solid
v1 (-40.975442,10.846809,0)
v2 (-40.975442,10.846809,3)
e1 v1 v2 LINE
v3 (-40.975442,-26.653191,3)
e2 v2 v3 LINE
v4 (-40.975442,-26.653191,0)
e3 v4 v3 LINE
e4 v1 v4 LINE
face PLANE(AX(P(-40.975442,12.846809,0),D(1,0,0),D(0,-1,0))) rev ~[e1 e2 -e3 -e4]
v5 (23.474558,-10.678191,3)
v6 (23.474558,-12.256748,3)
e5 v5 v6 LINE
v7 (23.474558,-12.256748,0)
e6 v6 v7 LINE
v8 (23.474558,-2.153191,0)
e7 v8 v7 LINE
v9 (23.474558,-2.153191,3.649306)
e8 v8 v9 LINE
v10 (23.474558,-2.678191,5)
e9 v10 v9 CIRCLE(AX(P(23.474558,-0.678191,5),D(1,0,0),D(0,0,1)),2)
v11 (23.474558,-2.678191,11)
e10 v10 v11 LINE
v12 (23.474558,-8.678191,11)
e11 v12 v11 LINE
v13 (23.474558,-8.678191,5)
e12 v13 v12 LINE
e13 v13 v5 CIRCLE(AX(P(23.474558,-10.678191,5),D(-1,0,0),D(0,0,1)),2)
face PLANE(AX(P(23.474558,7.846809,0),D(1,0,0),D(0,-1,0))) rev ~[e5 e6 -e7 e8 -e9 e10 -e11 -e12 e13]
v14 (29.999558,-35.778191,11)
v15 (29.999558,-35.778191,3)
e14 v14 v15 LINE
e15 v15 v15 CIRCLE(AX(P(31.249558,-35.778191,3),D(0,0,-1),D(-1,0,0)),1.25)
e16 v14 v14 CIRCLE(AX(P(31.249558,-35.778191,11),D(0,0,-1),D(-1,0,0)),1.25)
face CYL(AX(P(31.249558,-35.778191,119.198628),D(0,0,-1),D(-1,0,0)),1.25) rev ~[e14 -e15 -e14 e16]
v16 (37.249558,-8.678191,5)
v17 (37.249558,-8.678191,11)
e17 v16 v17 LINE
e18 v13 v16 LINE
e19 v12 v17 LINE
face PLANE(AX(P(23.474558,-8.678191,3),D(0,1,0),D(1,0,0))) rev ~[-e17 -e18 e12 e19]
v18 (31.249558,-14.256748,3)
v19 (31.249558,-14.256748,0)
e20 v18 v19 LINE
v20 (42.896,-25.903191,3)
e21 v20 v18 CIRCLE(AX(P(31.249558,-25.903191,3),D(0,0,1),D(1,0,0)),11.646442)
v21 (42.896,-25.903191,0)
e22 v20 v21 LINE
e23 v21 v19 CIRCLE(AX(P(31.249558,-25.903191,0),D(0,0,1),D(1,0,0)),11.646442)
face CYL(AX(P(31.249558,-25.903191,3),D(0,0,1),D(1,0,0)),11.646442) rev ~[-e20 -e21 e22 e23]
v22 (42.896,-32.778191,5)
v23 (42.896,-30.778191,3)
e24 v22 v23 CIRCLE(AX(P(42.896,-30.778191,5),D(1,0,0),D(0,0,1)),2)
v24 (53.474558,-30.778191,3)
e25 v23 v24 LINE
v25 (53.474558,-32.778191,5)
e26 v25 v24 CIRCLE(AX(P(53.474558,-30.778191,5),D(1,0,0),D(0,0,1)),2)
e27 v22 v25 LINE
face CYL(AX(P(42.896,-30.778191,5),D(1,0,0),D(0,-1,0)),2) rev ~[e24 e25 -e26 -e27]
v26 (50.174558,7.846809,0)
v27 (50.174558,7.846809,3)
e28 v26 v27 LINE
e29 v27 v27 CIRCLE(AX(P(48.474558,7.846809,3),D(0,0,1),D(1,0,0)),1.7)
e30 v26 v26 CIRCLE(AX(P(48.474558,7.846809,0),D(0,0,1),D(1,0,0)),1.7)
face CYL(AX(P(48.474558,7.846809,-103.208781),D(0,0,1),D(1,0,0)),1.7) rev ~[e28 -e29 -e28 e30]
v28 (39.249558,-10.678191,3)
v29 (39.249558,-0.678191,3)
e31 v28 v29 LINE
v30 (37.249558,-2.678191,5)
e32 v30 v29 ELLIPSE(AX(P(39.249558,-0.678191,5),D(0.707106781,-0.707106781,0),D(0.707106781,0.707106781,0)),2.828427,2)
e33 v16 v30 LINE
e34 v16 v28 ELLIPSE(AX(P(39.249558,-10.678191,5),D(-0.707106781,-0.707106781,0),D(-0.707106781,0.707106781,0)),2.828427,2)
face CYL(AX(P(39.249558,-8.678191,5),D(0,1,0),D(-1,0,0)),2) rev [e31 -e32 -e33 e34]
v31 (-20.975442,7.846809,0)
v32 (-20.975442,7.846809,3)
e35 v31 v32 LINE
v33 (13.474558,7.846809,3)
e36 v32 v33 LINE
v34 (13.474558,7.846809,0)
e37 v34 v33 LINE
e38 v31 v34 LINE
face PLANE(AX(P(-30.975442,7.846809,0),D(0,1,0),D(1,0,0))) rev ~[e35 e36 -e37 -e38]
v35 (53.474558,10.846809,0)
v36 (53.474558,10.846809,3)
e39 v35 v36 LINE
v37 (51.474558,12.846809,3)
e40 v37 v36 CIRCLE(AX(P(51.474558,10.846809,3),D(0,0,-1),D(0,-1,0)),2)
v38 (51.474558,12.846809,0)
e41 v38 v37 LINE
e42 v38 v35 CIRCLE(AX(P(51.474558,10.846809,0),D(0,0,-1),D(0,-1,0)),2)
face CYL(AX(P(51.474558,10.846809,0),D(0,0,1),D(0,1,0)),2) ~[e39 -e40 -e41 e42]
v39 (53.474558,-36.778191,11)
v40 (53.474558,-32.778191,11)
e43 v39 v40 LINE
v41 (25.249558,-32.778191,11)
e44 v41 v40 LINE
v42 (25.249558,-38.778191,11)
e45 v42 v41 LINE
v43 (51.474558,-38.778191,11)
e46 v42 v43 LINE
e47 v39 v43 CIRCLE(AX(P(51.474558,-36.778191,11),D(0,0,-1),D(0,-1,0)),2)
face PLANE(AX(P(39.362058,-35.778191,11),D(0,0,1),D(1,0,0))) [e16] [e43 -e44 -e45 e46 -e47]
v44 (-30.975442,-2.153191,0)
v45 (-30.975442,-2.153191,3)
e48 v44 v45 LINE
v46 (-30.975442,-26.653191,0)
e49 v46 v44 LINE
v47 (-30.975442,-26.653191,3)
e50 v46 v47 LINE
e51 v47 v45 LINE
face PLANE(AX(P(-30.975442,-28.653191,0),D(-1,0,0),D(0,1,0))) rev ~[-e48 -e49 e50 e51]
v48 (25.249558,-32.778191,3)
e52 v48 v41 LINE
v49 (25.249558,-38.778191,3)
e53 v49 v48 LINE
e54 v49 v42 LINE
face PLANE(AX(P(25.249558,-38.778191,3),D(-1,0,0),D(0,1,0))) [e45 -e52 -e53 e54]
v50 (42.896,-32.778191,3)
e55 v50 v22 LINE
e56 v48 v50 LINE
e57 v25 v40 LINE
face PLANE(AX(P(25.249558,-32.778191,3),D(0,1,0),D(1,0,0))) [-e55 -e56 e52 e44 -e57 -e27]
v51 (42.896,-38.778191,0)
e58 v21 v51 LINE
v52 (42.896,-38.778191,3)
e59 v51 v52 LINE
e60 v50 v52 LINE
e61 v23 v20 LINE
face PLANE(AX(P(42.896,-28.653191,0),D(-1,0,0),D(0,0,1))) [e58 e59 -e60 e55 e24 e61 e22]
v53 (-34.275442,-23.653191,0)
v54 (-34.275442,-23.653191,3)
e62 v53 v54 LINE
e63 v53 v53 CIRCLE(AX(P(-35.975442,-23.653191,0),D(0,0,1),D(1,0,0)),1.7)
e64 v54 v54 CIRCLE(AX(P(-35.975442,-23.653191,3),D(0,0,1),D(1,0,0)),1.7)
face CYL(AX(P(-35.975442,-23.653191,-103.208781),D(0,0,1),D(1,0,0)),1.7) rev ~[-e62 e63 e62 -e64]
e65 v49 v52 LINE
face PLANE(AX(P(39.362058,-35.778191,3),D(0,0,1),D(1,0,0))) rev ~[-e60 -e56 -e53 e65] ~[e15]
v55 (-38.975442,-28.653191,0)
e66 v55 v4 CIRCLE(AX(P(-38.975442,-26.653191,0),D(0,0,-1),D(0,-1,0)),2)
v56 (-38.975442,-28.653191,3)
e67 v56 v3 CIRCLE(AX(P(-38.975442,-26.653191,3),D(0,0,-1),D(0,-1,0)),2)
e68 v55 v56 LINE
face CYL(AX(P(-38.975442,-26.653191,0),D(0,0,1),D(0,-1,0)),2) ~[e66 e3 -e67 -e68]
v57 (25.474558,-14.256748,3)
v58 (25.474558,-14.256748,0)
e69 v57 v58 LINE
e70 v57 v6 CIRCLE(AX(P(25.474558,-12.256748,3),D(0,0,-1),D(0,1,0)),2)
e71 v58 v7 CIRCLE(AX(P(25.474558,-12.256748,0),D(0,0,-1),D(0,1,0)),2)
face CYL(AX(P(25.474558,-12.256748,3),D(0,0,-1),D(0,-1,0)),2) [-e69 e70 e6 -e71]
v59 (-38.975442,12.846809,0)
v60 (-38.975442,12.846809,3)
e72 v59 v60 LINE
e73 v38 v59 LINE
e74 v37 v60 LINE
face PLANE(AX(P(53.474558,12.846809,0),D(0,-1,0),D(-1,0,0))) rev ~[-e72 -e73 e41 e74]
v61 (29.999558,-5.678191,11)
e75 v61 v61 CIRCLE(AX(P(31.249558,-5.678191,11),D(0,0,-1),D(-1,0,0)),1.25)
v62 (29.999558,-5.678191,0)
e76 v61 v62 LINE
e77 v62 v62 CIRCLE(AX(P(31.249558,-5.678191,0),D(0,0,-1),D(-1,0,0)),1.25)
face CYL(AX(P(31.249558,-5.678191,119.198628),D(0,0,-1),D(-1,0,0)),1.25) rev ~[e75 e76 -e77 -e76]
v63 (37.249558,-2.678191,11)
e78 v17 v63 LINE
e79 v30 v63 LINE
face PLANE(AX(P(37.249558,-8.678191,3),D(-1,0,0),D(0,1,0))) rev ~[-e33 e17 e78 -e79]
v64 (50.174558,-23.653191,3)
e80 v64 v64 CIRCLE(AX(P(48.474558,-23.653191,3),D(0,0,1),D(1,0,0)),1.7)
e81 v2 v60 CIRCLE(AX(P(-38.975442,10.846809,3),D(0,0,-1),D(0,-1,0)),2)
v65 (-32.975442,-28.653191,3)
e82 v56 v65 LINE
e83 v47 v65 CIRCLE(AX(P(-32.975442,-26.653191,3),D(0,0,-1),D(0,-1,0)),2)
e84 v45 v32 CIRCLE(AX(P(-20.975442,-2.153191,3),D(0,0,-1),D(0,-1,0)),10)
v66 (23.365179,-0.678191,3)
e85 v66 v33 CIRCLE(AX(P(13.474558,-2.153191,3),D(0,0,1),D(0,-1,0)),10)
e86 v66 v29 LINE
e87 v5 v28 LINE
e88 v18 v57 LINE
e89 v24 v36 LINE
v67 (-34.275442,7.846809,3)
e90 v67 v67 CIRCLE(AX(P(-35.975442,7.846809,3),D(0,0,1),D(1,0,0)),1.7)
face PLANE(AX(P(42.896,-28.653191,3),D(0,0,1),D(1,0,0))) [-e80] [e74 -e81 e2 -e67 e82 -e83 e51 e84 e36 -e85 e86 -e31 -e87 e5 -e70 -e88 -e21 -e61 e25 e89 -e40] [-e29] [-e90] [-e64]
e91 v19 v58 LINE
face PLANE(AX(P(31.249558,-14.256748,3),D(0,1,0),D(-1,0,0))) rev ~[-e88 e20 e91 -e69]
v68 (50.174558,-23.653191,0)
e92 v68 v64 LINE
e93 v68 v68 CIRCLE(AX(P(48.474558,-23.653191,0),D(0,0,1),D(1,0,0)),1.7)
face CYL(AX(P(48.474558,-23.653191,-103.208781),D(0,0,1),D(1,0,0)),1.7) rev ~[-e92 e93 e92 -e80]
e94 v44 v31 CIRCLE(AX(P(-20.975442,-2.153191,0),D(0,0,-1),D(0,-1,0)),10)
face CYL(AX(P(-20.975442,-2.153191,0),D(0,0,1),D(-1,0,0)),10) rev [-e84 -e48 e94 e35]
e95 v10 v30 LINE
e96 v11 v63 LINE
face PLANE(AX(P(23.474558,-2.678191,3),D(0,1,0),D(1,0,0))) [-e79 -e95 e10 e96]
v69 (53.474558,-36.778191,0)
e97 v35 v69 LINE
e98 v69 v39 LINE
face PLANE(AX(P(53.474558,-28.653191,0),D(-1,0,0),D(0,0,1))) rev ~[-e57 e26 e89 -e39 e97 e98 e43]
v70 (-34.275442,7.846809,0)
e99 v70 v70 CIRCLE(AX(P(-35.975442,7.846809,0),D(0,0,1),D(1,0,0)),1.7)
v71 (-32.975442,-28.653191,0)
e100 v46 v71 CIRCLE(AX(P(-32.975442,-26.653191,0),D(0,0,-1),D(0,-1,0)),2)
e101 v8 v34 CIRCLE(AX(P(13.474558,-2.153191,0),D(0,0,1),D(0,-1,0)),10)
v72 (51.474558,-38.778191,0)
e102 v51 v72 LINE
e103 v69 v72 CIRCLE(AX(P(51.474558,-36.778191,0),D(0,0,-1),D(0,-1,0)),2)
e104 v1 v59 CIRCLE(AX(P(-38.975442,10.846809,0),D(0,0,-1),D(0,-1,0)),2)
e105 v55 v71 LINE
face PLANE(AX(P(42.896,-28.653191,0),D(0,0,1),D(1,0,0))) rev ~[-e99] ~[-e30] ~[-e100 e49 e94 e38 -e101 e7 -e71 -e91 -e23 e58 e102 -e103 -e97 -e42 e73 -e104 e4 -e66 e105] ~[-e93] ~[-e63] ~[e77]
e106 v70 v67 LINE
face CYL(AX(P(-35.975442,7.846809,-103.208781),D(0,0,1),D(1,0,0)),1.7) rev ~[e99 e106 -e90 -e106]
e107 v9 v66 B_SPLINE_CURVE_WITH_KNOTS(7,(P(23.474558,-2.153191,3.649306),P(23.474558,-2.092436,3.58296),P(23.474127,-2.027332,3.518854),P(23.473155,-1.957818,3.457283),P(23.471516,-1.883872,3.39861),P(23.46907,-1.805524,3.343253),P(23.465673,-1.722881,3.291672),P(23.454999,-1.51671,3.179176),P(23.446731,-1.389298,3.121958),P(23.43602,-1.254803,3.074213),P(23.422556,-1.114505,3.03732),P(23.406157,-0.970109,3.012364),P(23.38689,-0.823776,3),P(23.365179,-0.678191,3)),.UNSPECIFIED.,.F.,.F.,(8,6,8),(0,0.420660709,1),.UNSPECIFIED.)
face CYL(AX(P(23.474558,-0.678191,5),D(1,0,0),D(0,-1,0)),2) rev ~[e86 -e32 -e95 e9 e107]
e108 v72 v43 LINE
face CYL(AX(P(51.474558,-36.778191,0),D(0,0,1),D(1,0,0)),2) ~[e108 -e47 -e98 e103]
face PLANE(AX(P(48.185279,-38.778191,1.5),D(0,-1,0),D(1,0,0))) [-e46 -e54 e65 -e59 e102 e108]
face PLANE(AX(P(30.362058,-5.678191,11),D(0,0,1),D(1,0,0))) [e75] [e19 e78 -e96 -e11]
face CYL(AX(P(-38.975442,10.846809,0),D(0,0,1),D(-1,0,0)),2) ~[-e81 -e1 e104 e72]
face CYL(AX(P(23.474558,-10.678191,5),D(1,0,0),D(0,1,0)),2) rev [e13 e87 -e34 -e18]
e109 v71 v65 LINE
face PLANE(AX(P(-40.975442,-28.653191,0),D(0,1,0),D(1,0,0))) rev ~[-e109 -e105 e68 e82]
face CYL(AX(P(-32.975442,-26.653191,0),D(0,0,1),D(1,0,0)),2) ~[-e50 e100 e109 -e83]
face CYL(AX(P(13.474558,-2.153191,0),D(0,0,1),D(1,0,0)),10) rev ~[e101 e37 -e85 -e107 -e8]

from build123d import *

# Parameters (mm, degrees)
BOSS_EXTRUDE1_DEPTH         = 3
FILLET1_R                   = 10
M3_CLEARANCE_HOLE1_D        = 3.4
CUT_EXTRUDE1_DEPTH          = 61.741531853
SKETCH7_W                   = 13.775
SKETCH7_H                   = 6
SKETCH7_W_2                 = 28.225
BOSS_EXTRUDE2_DEPTH         = 8
SKETCH15_W                  = 10.578557518
SKETCH15_H                  = 3
BOSS_EXTRUDE3_DEPTH         = 10.125
FILLET2_R                   = 2
TAP_DRILL_FOR_M3X0_5_TAP1_D = 2.5


with BuildPart() as part:
    # Sketch1 → Boss-Extrude1 (new body)
    with BuildSketch(Plane.XY):
        Polygon((23.474558014, 7.846809304), (23.474558014, -28.653190696), (53.474558014, -28.653190696), (53.474558014, 12.846809304), (-40.975441986, 12.846809304), (-40.975441986, -28.653190696), (-30.975441986, -28.653190696), (-30.975441986, 7.846809304), align=None)
    extrude(amount=BOSS_EXTRUDE1_DEPTH)

    # Fillet1
    fillet1_edges = [part.edges().sort_by_distance(p)[0] for p in [
        (23.474558014, 7.846809304, 1.5),
        (-30.975441986, 7.846809304, 1.5),
    ]]
    fillet(fillet1_edges, radius=FILLET1_R)

    # M3 Clearance Hole1 (through all)
    with Locations(Plane(origin=(0, 0, 0), x_dir=(-1, 0, 0), z_dir=(0, 0, -1))):
        with Locations((-48.474558014, 7.846809304), (35.975441986, -23.653190696), (35.975441986, 7.846809304), (-48.474558014, -23.653190696), (-29.467521423, -37.965948117)):
            Hole(M3_CLEARANCE_HOLE1_D / 2)

    # Sketch5 → Cut-Extrude1 (cut, through all)
    with BuildSketch(Plane.XY.offset(3)):
        with BuildLine():
            Line((23.474558014, -14.256748214), (23.474558014, -17.232031749))
            ThreePointArc((23.474558014, -17.232031749), (25.270647998, -35.897802119), (42.566674364, -28.653190696))
            Line((42.566674364, -28.653190696), (42.896000496, -28.653190696))
            Line((42.896000496, -28.653190696), (42.896000496, -25.903190696))
            ThreePointArc((42.896000496, -25.903190696), (39.48483647, -17.667912241), (31.249558014, -14.256748214))
            Line((31.249558014, -14.256748214), (23.474558014, -14.256748214))
        make_face()
    extrude(amount=-CUT_EXTRUDE1_DEPTH, mode=Mode.SUBTRACT)

    # Sketch7 → Boss-Extrude2 (add)
    with BuildSketch(Plane.XY.offset(3)):
        with Locations((30.362058014, -5.678190696)):
            Rectangle(SKETCH7_W, SKETCH7_H)
        with Locations((39.362058014, -35.778190696)):
            Rectangle(SKETCH7_W_2, SKETCH7_H)
    extrude(amount=BOSS_EXTRUDE2_DEPTH)


with BuildPart() as boss_extrude2_piece_1:
    # of the separate pieces the step leaves, piece 1, a body of its own (boss_extrude2_pieces)
    add(part.part.solids().sort_by_distance((-20.975441986, 7.846809304, 0))[0])



with BuildPart() as boss_extrude2_piece_2:
    # of the separate pieces the step leaves, piece 2, a body of its own (boss_extrude2_pieces)
    add(part.part.solids().sort_by_distance((53.474558014, -38.778190696, 3))[0])


with BuildPart() as boss_extrude2_piece_1_1:
    add(boss_extrude2_piece_1.part)

    add(boss_extrude2_piece_2.part)  # Boss-Extrude3 merges Boss-Extrude2 piece 2
    # Sketch15 → Boss-Extrude3 (add)
    with BuildSketch(Plane.XZ.offset(28.653190696)):
        with Locations((48.185279255, 1.5)):
            Rectangle(SKETCH15_W, SKETCH15_H)
    extrude(amount=BOSS_EXTRUDE3_DEPTH)

    # Fillet2
    fillet2_edges = [boss_extrude2_piece_1_1.edges().sort_by_distance(p)[0] for p in [
        (53.474558014, -38.778190696, 5.5),
        (48.185279255, -32.778190696, 3),
        (-40.975441986, -28.653190696, 1.5),
        (-40.975441986, 12.846809304, 1.5),
        (53.474558014, 12.846809304, 1.5),
        (-30.975441986, -28.653190696, 1.5),
        (23.474558014, -14.256748214, 1.5),
        (30.362058014, -2.678190696, 3),
        (37.249558014, -5.678190696, 3),
        (30.362058014, -8.678190696, 3),
    ]]
    fillet(fillet2_edges, radius=FILLET2_R)

    # Tap Drill for M3x0.5 Tap1 (through all)
    with Locations(Plane.XY.offset(11)):
        with Locations((31.249558014, -35.778190696), (31.249558014, -5.678190696)):
            Hole(TAP_DRILL_FOR_M3X0_5_TAP1_D / 2)


solid = boss_extrude2_piece_1_1.part
